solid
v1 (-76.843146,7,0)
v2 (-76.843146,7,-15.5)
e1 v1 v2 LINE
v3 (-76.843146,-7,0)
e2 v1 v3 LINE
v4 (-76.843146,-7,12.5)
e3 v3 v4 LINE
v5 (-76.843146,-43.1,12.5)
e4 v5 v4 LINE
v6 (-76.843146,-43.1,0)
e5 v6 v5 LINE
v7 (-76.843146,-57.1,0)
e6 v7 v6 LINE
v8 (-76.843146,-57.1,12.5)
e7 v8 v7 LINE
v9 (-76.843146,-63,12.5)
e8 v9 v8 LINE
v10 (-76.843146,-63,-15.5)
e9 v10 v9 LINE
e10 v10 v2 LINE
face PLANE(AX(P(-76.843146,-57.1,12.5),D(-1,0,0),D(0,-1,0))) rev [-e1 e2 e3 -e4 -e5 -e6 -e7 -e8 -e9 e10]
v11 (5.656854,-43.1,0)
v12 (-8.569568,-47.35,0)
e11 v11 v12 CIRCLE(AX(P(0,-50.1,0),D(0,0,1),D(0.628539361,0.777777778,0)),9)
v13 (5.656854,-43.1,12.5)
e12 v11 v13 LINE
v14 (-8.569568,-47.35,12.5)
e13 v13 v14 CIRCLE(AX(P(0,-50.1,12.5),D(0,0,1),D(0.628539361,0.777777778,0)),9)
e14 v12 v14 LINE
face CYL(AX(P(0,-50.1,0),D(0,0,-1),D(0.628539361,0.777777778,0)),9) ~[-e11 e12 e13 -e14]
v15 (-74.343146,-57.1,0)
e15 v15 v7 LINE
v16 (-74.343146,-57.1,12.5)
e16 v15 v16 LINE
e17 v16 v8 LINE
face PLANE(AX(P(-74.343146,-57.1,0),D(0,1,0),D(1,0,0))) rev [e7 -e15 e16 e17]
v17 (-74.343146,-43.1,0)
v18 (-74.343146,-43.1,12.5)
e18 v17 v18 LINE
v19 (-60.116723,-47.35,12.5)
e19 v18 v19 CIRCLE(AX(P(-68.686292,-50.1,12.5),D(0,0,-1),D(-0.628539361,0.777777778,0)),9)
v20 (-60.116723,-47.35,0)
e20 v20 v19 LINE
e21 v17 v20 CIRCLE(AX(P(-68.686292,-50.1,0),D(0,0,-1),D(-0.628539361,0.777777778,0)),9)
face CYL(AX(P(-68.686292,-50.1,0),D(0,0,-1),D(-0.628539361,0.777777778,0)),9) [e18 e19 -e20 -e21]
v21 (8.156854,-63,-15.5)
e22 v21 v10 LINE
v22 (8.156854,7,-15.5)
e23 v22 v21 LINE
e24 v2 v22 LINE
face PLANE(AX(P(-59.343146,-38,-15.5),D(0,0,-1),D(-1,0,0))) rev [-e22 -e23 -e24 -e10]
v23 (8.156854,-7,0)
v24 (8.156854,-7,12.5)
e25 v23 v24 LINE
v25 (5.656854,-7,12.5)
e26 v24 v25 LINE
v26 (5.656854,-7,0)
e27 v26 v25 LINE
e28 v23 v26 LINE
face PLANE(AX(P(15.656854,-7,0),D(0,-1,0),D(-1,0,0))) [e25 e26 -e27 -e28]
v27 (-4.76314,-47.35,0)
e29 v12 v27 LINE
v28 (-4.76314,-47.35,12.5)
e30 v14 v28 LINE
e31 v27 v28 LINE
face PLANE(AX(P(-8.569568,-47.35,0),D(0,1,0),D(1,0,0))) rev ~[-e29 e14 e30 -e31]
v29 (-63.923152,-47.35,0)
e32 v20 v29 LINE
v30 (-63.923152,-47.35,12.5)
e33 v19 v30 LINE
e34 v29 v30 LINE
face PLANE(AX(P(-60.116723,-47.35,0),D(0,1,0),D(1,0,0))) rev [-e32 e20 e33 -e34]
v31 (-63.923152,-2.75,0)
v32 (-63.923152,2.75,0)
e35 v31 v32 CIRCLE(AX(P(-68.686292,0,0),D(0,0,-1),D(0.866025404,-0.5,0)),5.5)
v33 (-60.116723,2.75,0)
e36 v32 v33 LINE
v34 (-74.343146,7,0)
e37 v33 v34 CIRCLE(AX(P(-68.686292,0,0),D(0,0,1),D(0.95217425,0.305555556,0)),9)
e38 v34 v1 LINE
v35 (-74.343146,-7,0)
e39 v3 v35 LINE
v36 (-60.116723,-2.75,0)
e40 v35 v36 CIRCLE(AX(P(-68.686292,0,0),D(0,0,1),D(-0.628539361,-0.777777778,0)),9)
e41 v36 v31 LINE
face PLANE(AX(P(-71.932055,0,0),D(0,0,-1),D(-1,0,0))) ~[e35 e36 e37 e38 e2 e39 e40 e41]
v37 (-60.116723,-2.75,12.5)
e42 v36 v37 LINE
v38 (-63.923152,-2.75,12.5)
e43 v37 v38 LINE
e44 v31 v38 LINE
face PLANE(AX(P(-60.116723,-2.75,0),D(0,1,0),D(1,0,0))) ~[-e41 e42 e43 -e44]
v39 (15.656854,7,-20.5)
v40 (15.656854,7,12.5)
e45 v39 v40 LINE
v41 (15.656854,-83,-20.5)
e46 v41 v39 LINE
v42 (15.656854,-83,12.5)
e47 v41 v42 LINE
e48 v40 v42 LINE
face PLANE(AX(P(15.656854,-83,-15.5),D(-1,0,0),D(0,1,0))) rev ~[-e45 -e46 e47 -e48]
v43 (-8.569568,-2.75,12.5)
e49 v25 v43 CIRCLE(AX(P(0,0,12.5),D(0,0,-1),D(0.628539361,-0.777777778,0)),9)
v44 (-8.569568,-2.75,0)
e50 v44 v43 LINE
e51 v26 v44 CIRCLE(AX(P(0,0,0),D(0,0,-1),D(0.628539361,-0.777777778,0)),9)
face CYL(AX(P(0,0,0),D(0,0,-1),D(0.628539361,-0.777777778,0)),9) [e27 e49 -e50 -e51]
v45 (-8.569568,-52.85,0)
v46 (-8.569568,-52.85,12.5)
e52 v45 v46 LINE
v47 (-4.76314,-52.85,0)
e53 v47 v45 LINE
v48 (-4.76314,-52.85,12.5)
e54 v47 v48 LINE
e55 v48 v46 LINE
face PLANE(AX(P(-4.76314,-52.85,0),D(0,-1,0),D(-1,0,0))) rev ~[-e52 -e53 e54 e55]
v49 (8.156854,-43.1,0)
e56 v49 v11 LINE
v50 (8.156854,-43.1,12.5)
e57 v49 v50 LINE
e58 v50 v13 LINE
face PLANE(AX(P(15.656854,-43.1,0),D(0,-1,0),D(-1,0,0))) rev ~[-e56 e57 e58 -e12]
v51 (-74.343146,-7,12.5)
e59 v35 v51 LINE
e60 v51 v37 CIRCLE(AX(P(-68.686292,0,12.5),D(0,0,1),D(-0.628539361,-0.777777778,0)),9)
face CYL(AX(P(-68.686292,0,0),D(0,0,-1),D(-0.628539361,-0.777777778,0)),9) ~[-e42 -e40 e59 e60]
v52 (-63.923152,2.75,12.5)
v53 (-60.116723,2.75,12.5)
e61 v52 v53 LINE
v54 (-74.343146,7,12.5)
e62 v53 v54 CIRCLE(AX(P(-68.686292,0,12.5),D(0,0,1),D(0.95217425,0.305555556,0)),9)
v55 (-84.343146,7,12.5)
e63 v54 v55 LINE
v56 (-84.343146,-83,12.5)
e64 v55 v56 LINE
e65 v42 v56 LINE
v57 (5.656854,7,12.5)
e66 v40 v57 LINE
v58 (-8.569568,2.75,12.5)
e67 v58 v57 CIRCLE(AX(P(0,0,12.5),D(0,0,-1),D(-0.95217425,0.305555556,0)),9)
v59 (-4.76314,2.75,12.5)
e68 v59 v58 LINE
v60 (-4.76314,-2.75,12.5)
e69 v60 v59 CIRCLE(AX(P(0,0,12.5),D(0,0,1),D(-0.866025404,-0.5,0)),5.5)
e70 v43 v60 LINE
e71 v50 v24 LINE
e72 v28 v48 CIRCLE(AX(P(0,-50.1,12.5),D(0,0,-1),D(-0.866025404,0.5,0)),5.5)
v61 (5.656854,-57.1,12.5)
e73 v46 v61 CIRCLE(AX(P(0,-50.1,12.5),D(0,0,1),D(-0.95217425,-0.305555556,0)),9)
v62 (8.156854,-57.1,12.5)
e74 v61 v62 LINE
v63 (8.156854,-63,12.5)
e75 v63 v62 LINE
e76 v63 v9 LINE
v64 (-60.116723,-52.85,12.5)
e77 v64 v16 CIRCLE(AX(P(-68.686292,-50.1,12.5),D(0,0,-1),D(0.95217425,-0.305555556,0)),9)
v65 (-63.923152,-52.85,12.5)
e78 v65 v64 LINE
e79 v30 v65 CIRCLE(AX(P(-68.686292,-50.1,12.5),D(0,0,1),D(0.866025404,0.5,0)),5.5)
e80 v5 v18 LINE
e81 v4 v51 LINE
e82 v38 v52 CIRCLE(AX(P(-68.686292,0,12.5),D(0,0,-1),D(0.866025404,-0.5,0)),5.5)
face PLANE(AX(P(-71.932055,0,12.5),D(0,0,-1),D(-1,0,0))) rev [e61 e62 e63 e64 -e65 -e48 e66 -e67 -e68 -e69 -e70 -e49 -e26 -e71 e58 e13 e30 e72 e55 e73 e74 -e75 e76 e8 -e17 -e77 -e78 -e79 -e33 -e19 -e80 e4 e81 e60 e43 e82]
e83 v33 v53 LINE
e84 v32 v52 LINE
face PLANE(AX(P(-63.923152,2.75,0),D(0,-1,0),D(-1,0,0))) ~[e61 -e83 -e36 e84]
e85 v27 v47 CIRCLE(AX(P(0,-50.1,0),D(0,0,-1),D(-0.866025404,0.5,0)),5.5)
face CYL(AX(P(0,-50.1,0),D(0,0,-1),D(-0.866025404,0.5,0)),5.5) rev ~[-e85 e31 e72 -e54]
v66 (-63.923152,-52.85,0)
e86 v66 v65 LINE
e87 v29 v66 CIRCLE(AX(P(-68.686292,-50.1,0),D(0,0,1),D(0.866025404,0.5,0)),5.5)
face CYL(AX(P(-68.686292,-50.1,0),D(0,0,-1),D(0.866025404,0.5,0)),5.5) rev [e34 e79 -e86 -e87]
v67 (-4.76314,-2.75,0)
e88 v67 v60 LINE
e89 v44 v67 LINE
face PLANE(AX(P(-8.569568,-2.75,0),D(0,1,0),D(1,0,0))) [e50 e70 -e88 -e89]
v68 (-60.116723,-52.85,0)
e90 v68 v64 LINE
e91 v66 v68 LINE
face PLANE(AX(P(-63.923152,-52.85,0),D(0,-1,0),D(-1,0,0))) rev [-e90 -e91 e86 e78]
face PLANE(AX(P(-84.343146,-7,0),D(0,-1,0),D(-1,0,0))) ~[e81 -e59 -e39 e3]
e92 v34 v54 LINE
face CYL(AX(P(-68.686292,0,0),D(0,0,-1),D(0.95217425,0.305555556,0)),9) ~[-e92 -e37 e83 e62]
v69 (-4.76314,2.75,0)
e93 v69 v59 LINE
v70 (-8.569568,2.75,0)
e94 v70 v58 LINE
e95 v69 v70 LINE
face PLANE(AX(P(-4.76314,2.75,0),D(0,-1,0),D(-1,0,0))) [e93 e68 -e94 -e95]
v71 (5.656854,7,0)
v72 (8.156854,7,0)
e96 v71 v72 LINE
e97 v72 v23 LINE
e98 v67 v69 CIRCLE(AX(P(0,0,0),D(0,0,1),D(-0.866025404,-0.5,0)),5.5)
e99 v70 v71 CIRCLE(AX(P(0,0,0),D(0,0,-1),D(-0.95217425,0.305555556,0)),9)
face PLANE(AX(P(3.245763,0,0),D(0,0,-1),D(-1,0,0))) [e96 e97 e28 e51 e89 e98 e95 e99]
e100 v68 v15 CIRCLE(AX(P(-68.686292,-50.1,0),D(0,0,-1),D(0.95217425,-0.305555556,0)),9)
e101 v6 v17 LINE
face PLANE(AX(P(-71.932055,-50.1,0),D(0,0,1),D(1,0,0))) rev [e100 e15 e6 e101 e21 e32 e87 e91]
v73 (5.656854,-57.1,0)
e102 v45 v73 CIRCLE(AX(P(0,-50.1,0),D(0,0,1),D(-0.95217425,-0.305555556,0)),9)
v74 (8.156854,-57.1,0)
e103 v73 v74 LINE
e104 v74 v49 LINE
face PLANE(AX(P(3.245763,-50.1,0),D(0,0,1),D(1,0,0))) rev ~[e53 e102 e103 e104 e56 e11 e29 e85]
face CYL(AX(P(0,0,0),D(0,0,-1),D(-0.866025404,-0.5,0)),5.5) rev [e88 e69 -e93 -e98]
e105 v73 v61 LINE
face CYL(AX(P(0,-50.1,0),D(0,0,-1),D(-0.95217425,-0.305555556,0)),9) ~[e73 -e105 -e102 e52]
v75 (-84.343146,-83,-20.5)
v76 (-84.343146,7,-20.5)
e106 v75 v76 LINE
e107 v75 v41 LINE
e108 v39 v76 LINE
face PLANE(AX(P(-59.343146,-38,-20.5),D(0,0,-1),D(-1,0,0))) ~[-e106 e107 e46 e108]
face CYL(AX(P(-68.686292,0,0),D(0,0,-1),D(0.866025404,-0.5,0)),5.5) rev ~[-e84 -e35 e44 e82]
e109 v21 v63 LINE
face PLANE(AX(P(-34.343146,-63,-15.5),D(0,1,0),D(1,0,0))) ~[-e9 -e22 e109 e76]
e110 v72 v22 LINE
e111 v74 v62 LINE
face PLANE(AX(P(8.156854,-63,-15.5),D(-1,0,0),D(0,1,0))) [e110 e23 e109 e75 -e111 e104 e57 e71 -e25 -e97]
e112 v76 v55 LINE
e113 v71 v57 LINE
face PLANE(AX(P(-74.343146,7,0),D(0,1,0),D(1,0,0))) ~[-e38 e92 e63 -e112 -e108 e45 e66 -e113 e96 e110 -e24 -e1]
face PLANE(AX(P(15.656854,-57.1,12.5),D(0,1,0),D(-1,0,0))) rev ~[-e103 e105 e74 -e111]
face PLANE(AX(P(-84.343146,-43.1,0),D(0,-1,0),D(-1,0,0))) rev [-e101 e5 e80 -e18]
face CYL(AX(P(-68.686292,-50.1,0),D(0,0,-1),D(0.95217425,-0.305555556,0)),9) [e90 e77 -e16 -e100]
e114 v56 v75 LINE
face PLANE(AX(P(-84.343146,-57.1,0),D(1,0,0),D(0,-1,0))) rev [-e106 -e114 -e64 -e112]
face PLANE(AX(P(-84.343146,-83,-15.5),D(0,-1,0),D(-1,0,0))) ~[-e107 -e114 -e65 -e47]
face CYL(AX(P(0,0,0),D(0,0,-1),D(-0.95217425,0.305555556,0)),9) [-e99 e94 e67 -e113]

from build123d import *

# Parameters (mm, degrees)
RESSALTO_EXTRUS_O2_DEPTH   = 12.5
RESSALTO_EXTRUS_O2_2_DEPTH = 12.5
ESBO_O2_W                  = 7.5
ESBO_O2_H                  = 64.1
RESSALTO_EXTRUS_O3_DEPTH   = 28
ESBO_O3_W                  = 50
ESBO_O3_H                  = 90
RESSALTO_EXTRUS_O4_DEPTH   = 5
RESSALTO_EXTRUS_O5_DEPTH   = 28


with BuildPart() as part:
    # Esboço1 → Ressalto-extrusão2 (new body)
    with BuildSketch(Plane.XY):
        with BuildLine():
            Line((-4.763139721, 2.75), (-8.569568251, 2.75))
            ThreePointArc((-8.569568251, 2.75), (-2.576160071, 8.623421553), (5.656854249, 7))
            Line((5.656854249, 7), (15.656854249, 7))
            Line((15.656854249, 7), (15.656854249, -7))
            Line((15.656854249, -7), (5.656854249, -7))
            ThreePointArc((5.656854249, -7), (-2.576160071, -8.623421553), (-8.569568251, -2.75))
            Line((-8.569568251, -2.75), (-4.763139721, -2.75))
            ThreePointArc((-4.763139721, -2.75), (5.5, 0), (-4.763139721, 2.75))
        make_face()
    ressalto_extrus_o2 = extrude(amount=RESSALTO_EXTRUS_O2_DEPTH)



with BuildPart() as body_2:
    # Esboço1 → Ressalto-extrus_o2 2 (new body)
    with BuildSketch(Plane.XY):
        with BuildLine():
            Line((15.656854249, -57.1), (15.656854249, -43.1))
            Line((15.656854249, -43.1), (5.656854249, -43.1))
            ThreePointArc((5.656854249, -43.1), (-2.576160071, -41.476578447), (-8.569568251, -47.35))
            Line((-8.569568251, -47.35), (-4.763139721, -47.35))
            ThreePointArc((-4.763139721, -47.35), (5.5, -50.1), (-4.763139721, -52.85))
            Line((-4.763139721, -52.85), (-8.569568251, -52.85))
            ThreePointArc((-8.569568251, -52.85), (-2.576160071, -58.723421553), (5.656854249, -57.1))
            Line((5.656854249, -57.1), (15.656854249, -57.1))
        make_face()
    ressalto_extrus_o2_2 = extrude(amount=RESSALTO_EXTRUS_O2_2_DEPTH)


with BuildPart() as part_1:
    add(part.part)

    add(body_2.part)  # Ressalto-extrusão3 merges body 2
    # Esboço2 → Ressalto-extrusão3 (add)
    with BuildSketch(Plane(origin=(0, 0, 12.5), x_dir=(-1, 0, 0), z_dir=(0, 0, -1))):
        with Locations((-11.906854249, -25.05)):
            Rectangle(ESBO_O2_W, ESBO_O2_H)
    ressalto_extrus_o3 = extrude(amount=RESSALTO_EXTRUS_O3_DEPTH)

    # Esboço3 → Ressalto-extrusão4 (add)
    with BuildSketch(Plane(origin=(0, 0, -15.5), x_dir=(-1, 0, 0), z_dir=(0, 0, -1))):
        with Locations((9.343145751, -38)):
            Rectangle(ESBO_O3_W, ESBO_O3_H)
    ressalto_extrus_o4 = extrude(amount=RESSALTO_EXTRUS_O4_DEPTH)

    # Esboço4 → Ressalto-extrusão5 (add)
    with BuildSketch(Plane.XY.offset(-15.5)):
        Polygon((15.656854249, -83), (-34.343145751, -83), (-34.343145751, -63), (8.156854249, -63), (8.156854249, -57.1), (15.656854249, -57.1), (15.656854249, -63), align=None)
    ressalto_extrus_o5 = extrude(amount=RESSALTO_EXTRUS_O5_DEPTH)

    # Espelhar4: Ressalto-extrusão4, Ressalto-extrusão5 across plane
    add(ressalto_extrus_o4.mirror(Plane(origin=(-34.343145751, 0, 0), x_dir=(0, 0, 1), z_dir=(1, 0, 0))))
    add(ressalto_extrus_o5.mirror(Plane(origin=(-34.343145751, 0, 0), x_dir=(0, 0, 1), z_dir=(1, 0, 0))))

    # Espelhar5: Ressalto-extrusão3 across plane
    add(ressalto_extrus_o3.mirror(Plane(origin=(-34.343145751, 0, 0), x_dir=(0, 0, 1), z_dir=(1, 0, 0))))

    # Espelhar6: Ressalto-extrusão2, Ressalto-extrus_o2 2 across plane
    add(ressalto_extrus_o2.mirror(Plane(origin=(-34.343145751, 0, 0), x_dir=(0, 0, 1), z_dir=(1, 0, 0))))
    add(ressalto_extrus_o2_2.mirror(Plane(origin=(-34.343145751, 0, 0), x_dir=(0, 0, 1), z_dir=(1, 0, 0))))


solid = part_1.part
